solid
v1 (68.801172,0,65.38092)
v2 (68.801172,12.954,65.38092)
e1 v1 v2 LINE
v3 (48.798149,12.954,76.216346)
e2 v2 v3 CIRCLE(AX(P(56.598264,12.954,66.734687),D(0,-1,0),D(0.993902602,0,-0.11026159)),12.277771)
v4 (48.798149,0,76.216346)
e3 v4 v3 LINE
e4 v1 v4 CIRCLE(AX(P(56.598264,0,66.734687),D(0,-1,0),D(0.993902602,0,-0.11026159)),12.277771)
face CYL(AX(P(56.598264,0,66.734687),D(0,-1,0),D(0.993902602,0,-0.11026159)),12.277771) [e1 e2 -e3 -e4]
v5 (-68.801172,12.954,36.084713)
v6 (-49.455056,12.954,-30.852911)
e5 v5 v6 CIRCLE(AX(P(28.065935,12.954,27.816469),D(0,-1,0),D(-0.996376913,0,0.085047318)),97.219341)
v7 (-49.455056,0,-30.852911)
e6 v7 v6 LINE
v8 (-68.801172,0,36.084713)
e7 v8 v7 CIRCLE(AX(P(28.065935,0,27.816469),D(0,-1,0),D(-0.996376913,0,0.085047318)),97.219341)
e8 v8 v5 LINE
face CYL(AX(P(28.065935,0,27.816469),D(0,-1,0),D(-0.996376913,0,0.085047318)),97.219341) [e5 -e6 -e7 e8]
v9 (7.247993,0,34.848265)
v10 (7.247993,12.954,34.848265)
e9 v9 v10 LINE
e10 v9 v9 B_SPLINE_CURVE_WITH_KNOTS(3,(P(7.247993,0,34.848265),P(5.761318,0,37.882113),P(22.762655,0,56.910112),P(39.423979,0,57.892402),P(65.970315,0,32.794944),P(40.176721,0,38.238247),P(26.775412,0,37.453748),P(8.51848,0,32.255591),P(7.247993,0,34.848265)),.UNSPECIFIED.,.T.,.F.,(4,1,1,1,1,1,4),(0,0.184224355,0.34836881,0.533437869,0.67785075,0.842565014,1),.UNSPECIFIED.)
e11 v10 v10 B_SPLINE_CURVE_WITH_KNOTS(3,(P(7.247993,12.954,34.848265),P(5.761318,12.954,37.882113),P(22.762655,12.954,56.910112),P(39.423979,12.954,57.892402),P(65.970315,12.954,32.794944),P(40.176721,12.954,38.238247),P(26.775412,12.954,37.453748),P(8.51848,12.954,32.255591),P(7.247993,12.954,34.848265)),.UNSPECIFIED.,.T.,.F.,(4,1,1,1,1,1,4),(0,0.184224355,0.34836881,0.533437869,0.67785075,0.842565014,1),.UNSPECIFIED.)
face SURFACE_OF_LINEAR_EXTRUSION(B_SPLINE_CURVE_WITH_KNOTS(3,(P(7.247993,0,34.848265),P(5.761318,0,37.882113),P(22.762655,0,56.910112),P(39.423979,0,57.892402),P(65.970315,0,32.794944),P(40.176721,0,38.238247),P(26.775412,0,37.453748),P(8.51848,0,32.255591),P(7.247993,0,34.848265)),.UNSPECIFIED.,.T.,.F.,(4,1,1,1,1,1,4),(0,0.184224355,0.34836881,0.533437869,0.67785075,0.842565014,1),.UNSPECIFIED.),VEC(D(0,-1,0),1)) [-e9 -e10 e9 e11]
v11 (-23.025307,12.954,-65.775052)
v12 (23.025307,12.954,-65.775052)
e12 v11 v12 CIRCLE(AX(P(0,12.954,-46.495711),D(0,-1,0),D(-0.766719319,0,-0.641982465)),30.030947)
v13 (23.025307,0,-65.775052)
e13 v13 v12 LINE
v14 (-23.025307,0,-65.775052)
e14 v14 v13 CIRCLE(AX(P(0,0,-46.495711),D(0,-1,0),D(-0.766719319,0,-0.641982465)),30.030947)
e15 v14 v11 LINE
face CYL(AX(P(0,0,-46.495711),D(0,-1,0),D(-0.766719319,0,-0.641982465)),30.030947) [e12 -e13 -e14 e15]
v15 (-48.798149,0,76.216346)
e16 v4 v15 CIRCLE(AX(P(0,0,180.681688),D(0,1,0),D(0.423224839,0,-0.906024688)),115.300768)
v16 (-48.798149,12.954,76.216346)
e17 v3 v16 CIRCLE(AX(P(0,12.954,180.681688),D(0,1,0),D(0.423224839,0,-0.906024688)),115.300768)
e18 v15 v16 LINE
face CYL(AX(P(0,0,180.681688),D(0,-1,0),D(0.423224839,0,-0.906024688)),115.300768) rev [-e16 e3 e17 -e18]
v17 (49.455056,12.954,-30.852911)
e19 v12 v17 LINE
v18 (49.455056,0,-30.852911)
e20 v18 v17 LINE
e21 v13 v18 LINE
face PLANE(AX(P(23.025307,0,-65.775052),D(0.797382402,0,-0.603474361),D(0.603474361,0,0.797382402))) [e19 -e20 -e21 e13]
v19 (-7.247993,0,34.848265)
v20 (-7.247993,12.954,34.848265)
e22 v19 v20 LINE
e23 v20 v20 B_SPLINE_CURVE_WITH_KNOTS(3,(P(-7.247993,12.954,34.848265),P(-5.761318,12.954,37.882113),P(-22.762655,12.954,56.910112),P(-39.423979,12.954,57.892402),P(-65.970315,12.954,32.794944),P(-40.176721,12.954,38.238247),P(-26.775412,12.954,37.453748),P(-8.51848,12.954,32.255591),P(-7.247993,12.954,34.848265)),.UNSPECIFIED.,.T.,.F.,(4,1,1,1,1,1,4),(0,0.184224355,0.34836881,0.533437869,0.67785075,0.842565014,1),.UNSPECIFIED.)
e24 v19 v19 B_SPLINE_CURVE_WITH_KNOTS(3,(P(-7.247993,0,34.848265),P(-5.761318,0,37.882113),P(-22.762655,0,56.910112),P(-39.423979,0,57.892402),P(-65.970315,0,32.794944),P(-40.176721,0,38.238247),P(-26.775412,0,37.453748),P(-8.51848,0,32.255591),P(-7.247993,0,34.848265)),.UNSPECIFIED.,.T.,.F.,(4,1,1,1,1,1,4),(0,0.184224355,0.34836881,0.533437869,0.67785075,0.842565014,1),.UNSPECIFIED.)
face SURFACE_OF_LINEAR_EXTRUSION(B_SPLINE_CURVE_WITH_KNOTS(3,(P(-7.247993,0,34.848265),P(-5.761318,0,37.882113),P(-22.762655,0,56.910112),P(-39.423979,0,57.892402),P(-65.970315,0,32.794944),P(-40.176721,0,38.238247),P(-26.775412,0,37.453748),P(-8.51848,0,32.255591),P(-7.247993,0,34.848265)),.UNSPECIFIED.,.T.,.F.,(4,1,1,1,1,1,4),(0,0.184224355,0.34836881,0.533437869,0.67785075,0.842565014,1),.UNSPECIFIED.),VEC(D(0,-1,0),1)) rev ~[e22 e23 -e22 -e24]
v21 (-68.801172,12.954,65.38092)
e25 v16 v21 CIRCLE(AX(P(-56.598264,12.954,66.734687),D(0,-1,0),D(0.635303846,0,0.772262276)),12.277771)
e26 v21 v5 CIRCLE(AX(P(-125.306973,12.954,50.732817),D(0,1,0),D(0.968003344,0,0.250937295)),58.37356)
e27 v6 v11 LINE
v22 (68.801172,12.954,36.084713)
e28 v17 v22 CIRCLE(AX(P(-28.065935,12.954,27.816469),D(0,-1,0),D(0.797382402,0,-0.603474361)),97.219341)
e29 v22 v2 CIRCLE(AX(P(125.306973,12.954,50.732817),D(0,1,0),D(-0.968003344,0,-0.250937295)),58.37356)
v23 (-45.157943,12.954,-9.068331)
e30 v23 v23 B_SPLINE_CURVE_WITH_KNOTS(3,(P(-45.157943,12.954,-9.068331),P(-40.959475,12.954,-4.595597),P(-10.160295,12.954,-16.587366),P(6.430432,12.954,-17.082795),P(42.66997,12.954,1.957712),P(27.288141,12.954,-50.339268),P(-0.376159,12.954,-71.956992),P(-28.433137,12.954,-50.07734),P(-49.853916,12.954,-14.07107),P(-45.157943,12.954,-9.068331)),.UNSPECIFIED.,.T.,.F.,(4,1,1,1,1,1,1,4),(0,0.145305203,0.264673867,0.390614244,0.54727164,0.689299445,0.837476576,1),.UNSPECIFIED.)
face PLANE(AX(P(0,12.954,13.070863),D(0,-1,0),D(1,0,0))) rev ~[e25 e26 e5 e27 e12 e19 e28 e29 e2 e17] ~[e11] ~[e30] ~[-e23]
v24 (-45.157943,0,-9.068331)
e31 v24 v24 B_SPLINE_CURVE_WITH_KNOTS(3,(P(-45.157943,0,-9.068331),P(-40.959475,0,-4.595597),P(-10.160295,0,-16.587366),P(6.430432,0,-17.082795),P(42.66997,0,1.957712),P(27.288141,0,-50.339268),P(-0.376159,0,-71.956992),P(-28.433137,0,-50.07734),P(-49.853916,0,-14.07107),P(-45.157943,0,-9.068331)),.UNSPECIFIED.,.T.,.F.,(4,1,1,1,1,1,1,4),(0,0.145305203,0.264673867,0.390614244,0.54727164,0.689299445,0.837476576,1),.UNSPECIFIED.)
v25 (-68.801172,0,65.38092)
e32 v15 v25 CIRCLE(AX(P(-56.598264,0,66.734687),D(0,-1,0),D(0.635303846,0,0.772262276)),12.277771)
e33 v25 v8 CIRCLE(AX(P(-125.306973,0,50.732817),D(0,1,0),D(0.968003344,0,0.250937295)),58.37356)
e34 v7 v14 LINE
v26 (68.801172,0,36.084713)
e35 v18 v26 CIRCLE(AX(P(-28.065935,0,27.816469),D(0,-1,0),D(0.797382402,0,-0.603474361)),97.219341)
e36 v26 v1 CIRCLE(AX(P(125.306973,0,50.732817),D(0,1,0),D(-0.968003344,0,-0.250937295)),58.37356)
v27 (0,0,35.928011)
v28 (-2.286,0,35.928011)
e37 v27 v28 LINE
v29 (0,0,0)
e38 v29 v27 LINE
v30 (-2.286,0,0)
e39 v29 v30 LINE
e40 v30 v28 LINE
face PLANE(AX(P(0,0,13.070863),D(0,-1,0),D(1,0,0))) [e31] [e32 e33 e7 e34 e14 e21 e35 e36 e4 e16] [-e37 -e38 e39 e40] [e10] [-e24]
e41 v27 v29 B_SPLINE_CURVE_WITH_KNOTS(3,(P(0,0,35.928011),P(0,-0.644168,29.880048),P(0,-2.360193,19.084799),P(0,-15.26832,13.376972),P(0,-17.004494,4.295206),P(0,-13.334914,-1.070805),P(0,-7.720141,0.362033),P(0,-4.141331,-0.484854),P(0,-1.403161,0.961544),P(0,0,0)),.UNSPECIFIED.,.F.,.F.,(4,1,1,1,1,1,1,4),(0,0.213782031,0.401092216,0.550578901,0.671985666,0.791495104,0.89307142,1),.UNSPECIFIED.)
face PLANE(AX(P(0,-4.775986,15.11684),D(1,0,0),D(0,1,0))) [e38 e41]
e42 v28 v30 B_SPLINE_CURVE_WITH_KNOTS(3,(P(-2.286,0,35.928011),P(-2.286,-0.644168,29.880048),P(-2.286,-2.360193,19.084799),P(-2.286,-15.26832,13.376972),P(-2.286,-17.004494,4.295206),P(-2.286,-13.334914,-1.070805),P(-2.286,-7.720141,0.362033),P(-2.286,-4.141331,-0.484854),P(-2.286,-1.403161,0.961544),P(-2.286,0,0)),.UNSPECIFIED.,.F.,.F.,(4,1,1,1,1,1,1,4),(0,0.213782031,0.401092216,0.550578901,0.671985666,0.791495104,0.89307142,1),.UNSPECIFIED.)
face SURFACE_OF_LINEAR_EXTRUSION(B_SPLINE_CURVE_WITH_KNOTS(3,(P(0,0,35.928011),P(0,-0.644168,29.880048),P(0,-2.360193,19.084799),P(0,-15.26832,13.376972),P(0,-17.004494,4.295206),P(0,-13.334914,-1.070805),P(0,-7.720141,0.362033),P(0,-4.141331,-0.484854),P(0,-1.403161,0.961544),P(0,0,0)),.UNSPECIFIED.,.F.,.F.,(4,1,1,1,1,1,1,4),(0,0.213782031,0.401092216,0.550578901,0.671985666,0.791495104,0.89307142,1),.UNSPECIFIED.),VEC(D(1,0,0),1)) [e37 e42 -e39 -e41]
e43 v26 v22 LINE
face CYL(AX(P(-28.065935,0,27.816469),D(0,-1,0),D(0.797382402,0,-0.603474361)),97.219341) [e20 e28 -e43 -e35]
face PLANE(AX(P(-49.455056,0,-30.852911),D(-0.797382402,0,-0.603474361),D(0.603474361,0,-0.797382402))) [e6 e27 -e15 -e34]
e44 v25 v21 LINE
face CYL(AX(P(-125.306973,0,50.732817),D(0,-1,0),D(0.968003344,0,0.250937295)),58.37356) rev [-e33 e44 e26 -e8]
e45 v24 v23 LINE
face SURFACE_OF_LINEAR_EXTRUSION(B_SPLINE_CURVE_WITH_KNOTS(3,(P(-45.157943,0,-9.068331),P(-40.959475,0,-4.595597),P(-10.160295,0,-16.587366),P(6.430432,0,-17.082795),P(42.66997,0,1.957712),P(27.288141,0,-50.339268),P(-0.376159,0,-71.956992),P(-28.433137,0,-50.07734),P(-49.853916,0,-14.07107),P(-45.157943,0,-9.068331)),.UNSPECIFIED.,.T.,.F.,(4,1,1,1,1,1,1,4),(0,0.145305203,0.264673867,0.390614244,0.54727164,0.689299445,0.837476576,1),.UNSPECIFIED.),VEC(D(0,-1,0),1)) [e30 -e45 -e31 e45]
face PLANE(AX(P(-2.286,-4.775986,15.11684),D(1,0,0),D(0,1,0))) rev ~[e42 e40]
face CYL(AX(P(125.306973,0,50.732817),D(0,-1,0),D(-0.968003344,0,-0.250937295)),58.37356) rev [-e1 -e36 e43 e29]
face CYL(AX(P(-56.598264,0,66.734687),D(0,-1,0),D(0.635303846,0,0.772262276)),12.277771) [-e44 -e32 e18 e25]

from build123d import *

# Parameters (mm, degrees)
F1_DEPTH = 12.954
F3_DEPTH = 2.286


with BuildPart() as f1:
    # F0 (on Front) → F1 (new body)
    with BuildSketch(Plane.XZ):
        with BuildLine():
            ThreePointArc((48.7981487702, 76.2163455619), (0, 65.3809199957), (-48.7981487702, 76.2163455619))
            ThreePointArc((-48.7981487702, 76.2163455619), (-62.4461486361, 77.5303287538), (-68.8011717672, 65.3809199957))
            ThreePointArc((-68.8011717672, 65.3809199957), (-66.9334130428, 50.7328167241), (-68.8011717672, 36.0847134525))
            ThreePointArc((-68.8011717672, 36.0847134525), (-65.3308721071, 0.8231985056), (-49.4550564741, -30.8529106947))
            Line((-49.4550564741, -30.8529106947), (-23.0253069513, -65.7750524326))
            ThreePointArc((-23.0253069513, -65.7750524326), (0, -76.526657913), (23.0253069513, -65.7750524326))
            Line((23.0253069513, -65.7750524326), (49.4550564741, -30.8529106947))
            ThreePointArc((49.4550564741, -30.8529106947), (65.3308721071, 0.8231985056), (68.8011717672, 36.0847134525))
            ThreePointArc((68.8011717672, 36.0847134525), (66.9334130428, 50.7328167241), (68.8011717672, 65.3809199957))
            ThreePointArc((68.8011717672, 65.3809199957), (62.4461486361, 77.5303287538), (48.7981487702, 76.2163455619))
        make_face()
        with BuildLine():
            add(Edge.make_bspline(
                [(-45.1579429209, -9.0683307499), (-40.9594754794, -4.5955970097), (-10.1602952989, -16.5873657109), (6.4304315247, -17.0827952734), (42.6699698502, 1.9577119419), (27.2881407703, -50.339268127), (-0.3761585715, -71.956992439), (-28.4331372141, -50.0773402883), (-49.853915871, -14.0710697134), (-45.1579429209, -9.0683307499)],
                knots=[0, 0, 0, 0, 0.1453052033, 0.2646738674, 0.3906142441, 0.5472716403, 0.6892994446, 0.837476576, 1, 1, 1, 1], degree=3))
        make_face(mode=Mode.SUBTRACT)
        with BuildLine():
            add(Edge.make_bspline(
                [(-7.2479932569, 34.8482653499), (-5.7613182582, 37.8821130977), (-22.7626549345, 56.9101120848), (-39.423978926, 57.8924024669), (-65.9703146931, 32.794943879), (-40.1767214157, 38.2382470762), (-26.775411693, 37.453748004), (-8.5184803054, 32.2555909091), (-7.2479932569, 34.8482653499)],
                knots=[0, 0, 0, 0, 0.1842243552, 0.3483688097, 0.5334378692, 0.6778507498, 0.8425650142, 1, 1, 1, 1], degree=3))
        make_face(mode=Mode.SUBTRACT)
        with BuildLine():
            add(Edge.make_bspline(
                [(7.2479932569, 34.8482653499), (5.7613182582, 37.8821130977), (22.7626549345, 56.9101120848), (39.423978926, 57.8924024669), (65.9703146931, 32.794943879), (40.1767214157, 38.2382470762), (26.775411693, 37.453748004), (8.5184803054, 32.2555909091), (7.2479932569, 34.8482653499)],
                knots=[0, 0, 0, 0, 0.1842243552, 0.3483688097, 0.5334378692, 0.6778507498, 0.8425650142, 1, 1, 1, 1], degree=3))
        make_face(mode=Mode.SUBTRACT)
    extrude(amount=-F1_DEPTH)

    # F2 (on Right) → F3 (join)
    with BuildSketch(Plane.YZ):
        with BuildLine():
            Line((0, 0), (0, 35.9280109406))
            add(Edge.make_bspline(
                [(0, 35.9280109406), (-0.6441684412, 29.8800479012), (-2.3601933796, 19.0847992664), (-15.2683195987, 13.3769724513), (-17.0044942024, 4.2952058377), (-13.334913698, -1.0708048072), (-7.7201413656, 0.3620330409), (-4.1413305926, -0.4848541476), (-1.4031610275, 0.961543808), (0, 0)],
                knots=[0, 0, 0, 0, 0.2137820307, 0.4010922158, 0.5505789011, 0.671985666, 0.7914951041, 0.8930714202, 1, 1, 1, 1], degree=3))
        make_face()
    extrude(amount=-F3_DEPTH)


solid = f1.part
